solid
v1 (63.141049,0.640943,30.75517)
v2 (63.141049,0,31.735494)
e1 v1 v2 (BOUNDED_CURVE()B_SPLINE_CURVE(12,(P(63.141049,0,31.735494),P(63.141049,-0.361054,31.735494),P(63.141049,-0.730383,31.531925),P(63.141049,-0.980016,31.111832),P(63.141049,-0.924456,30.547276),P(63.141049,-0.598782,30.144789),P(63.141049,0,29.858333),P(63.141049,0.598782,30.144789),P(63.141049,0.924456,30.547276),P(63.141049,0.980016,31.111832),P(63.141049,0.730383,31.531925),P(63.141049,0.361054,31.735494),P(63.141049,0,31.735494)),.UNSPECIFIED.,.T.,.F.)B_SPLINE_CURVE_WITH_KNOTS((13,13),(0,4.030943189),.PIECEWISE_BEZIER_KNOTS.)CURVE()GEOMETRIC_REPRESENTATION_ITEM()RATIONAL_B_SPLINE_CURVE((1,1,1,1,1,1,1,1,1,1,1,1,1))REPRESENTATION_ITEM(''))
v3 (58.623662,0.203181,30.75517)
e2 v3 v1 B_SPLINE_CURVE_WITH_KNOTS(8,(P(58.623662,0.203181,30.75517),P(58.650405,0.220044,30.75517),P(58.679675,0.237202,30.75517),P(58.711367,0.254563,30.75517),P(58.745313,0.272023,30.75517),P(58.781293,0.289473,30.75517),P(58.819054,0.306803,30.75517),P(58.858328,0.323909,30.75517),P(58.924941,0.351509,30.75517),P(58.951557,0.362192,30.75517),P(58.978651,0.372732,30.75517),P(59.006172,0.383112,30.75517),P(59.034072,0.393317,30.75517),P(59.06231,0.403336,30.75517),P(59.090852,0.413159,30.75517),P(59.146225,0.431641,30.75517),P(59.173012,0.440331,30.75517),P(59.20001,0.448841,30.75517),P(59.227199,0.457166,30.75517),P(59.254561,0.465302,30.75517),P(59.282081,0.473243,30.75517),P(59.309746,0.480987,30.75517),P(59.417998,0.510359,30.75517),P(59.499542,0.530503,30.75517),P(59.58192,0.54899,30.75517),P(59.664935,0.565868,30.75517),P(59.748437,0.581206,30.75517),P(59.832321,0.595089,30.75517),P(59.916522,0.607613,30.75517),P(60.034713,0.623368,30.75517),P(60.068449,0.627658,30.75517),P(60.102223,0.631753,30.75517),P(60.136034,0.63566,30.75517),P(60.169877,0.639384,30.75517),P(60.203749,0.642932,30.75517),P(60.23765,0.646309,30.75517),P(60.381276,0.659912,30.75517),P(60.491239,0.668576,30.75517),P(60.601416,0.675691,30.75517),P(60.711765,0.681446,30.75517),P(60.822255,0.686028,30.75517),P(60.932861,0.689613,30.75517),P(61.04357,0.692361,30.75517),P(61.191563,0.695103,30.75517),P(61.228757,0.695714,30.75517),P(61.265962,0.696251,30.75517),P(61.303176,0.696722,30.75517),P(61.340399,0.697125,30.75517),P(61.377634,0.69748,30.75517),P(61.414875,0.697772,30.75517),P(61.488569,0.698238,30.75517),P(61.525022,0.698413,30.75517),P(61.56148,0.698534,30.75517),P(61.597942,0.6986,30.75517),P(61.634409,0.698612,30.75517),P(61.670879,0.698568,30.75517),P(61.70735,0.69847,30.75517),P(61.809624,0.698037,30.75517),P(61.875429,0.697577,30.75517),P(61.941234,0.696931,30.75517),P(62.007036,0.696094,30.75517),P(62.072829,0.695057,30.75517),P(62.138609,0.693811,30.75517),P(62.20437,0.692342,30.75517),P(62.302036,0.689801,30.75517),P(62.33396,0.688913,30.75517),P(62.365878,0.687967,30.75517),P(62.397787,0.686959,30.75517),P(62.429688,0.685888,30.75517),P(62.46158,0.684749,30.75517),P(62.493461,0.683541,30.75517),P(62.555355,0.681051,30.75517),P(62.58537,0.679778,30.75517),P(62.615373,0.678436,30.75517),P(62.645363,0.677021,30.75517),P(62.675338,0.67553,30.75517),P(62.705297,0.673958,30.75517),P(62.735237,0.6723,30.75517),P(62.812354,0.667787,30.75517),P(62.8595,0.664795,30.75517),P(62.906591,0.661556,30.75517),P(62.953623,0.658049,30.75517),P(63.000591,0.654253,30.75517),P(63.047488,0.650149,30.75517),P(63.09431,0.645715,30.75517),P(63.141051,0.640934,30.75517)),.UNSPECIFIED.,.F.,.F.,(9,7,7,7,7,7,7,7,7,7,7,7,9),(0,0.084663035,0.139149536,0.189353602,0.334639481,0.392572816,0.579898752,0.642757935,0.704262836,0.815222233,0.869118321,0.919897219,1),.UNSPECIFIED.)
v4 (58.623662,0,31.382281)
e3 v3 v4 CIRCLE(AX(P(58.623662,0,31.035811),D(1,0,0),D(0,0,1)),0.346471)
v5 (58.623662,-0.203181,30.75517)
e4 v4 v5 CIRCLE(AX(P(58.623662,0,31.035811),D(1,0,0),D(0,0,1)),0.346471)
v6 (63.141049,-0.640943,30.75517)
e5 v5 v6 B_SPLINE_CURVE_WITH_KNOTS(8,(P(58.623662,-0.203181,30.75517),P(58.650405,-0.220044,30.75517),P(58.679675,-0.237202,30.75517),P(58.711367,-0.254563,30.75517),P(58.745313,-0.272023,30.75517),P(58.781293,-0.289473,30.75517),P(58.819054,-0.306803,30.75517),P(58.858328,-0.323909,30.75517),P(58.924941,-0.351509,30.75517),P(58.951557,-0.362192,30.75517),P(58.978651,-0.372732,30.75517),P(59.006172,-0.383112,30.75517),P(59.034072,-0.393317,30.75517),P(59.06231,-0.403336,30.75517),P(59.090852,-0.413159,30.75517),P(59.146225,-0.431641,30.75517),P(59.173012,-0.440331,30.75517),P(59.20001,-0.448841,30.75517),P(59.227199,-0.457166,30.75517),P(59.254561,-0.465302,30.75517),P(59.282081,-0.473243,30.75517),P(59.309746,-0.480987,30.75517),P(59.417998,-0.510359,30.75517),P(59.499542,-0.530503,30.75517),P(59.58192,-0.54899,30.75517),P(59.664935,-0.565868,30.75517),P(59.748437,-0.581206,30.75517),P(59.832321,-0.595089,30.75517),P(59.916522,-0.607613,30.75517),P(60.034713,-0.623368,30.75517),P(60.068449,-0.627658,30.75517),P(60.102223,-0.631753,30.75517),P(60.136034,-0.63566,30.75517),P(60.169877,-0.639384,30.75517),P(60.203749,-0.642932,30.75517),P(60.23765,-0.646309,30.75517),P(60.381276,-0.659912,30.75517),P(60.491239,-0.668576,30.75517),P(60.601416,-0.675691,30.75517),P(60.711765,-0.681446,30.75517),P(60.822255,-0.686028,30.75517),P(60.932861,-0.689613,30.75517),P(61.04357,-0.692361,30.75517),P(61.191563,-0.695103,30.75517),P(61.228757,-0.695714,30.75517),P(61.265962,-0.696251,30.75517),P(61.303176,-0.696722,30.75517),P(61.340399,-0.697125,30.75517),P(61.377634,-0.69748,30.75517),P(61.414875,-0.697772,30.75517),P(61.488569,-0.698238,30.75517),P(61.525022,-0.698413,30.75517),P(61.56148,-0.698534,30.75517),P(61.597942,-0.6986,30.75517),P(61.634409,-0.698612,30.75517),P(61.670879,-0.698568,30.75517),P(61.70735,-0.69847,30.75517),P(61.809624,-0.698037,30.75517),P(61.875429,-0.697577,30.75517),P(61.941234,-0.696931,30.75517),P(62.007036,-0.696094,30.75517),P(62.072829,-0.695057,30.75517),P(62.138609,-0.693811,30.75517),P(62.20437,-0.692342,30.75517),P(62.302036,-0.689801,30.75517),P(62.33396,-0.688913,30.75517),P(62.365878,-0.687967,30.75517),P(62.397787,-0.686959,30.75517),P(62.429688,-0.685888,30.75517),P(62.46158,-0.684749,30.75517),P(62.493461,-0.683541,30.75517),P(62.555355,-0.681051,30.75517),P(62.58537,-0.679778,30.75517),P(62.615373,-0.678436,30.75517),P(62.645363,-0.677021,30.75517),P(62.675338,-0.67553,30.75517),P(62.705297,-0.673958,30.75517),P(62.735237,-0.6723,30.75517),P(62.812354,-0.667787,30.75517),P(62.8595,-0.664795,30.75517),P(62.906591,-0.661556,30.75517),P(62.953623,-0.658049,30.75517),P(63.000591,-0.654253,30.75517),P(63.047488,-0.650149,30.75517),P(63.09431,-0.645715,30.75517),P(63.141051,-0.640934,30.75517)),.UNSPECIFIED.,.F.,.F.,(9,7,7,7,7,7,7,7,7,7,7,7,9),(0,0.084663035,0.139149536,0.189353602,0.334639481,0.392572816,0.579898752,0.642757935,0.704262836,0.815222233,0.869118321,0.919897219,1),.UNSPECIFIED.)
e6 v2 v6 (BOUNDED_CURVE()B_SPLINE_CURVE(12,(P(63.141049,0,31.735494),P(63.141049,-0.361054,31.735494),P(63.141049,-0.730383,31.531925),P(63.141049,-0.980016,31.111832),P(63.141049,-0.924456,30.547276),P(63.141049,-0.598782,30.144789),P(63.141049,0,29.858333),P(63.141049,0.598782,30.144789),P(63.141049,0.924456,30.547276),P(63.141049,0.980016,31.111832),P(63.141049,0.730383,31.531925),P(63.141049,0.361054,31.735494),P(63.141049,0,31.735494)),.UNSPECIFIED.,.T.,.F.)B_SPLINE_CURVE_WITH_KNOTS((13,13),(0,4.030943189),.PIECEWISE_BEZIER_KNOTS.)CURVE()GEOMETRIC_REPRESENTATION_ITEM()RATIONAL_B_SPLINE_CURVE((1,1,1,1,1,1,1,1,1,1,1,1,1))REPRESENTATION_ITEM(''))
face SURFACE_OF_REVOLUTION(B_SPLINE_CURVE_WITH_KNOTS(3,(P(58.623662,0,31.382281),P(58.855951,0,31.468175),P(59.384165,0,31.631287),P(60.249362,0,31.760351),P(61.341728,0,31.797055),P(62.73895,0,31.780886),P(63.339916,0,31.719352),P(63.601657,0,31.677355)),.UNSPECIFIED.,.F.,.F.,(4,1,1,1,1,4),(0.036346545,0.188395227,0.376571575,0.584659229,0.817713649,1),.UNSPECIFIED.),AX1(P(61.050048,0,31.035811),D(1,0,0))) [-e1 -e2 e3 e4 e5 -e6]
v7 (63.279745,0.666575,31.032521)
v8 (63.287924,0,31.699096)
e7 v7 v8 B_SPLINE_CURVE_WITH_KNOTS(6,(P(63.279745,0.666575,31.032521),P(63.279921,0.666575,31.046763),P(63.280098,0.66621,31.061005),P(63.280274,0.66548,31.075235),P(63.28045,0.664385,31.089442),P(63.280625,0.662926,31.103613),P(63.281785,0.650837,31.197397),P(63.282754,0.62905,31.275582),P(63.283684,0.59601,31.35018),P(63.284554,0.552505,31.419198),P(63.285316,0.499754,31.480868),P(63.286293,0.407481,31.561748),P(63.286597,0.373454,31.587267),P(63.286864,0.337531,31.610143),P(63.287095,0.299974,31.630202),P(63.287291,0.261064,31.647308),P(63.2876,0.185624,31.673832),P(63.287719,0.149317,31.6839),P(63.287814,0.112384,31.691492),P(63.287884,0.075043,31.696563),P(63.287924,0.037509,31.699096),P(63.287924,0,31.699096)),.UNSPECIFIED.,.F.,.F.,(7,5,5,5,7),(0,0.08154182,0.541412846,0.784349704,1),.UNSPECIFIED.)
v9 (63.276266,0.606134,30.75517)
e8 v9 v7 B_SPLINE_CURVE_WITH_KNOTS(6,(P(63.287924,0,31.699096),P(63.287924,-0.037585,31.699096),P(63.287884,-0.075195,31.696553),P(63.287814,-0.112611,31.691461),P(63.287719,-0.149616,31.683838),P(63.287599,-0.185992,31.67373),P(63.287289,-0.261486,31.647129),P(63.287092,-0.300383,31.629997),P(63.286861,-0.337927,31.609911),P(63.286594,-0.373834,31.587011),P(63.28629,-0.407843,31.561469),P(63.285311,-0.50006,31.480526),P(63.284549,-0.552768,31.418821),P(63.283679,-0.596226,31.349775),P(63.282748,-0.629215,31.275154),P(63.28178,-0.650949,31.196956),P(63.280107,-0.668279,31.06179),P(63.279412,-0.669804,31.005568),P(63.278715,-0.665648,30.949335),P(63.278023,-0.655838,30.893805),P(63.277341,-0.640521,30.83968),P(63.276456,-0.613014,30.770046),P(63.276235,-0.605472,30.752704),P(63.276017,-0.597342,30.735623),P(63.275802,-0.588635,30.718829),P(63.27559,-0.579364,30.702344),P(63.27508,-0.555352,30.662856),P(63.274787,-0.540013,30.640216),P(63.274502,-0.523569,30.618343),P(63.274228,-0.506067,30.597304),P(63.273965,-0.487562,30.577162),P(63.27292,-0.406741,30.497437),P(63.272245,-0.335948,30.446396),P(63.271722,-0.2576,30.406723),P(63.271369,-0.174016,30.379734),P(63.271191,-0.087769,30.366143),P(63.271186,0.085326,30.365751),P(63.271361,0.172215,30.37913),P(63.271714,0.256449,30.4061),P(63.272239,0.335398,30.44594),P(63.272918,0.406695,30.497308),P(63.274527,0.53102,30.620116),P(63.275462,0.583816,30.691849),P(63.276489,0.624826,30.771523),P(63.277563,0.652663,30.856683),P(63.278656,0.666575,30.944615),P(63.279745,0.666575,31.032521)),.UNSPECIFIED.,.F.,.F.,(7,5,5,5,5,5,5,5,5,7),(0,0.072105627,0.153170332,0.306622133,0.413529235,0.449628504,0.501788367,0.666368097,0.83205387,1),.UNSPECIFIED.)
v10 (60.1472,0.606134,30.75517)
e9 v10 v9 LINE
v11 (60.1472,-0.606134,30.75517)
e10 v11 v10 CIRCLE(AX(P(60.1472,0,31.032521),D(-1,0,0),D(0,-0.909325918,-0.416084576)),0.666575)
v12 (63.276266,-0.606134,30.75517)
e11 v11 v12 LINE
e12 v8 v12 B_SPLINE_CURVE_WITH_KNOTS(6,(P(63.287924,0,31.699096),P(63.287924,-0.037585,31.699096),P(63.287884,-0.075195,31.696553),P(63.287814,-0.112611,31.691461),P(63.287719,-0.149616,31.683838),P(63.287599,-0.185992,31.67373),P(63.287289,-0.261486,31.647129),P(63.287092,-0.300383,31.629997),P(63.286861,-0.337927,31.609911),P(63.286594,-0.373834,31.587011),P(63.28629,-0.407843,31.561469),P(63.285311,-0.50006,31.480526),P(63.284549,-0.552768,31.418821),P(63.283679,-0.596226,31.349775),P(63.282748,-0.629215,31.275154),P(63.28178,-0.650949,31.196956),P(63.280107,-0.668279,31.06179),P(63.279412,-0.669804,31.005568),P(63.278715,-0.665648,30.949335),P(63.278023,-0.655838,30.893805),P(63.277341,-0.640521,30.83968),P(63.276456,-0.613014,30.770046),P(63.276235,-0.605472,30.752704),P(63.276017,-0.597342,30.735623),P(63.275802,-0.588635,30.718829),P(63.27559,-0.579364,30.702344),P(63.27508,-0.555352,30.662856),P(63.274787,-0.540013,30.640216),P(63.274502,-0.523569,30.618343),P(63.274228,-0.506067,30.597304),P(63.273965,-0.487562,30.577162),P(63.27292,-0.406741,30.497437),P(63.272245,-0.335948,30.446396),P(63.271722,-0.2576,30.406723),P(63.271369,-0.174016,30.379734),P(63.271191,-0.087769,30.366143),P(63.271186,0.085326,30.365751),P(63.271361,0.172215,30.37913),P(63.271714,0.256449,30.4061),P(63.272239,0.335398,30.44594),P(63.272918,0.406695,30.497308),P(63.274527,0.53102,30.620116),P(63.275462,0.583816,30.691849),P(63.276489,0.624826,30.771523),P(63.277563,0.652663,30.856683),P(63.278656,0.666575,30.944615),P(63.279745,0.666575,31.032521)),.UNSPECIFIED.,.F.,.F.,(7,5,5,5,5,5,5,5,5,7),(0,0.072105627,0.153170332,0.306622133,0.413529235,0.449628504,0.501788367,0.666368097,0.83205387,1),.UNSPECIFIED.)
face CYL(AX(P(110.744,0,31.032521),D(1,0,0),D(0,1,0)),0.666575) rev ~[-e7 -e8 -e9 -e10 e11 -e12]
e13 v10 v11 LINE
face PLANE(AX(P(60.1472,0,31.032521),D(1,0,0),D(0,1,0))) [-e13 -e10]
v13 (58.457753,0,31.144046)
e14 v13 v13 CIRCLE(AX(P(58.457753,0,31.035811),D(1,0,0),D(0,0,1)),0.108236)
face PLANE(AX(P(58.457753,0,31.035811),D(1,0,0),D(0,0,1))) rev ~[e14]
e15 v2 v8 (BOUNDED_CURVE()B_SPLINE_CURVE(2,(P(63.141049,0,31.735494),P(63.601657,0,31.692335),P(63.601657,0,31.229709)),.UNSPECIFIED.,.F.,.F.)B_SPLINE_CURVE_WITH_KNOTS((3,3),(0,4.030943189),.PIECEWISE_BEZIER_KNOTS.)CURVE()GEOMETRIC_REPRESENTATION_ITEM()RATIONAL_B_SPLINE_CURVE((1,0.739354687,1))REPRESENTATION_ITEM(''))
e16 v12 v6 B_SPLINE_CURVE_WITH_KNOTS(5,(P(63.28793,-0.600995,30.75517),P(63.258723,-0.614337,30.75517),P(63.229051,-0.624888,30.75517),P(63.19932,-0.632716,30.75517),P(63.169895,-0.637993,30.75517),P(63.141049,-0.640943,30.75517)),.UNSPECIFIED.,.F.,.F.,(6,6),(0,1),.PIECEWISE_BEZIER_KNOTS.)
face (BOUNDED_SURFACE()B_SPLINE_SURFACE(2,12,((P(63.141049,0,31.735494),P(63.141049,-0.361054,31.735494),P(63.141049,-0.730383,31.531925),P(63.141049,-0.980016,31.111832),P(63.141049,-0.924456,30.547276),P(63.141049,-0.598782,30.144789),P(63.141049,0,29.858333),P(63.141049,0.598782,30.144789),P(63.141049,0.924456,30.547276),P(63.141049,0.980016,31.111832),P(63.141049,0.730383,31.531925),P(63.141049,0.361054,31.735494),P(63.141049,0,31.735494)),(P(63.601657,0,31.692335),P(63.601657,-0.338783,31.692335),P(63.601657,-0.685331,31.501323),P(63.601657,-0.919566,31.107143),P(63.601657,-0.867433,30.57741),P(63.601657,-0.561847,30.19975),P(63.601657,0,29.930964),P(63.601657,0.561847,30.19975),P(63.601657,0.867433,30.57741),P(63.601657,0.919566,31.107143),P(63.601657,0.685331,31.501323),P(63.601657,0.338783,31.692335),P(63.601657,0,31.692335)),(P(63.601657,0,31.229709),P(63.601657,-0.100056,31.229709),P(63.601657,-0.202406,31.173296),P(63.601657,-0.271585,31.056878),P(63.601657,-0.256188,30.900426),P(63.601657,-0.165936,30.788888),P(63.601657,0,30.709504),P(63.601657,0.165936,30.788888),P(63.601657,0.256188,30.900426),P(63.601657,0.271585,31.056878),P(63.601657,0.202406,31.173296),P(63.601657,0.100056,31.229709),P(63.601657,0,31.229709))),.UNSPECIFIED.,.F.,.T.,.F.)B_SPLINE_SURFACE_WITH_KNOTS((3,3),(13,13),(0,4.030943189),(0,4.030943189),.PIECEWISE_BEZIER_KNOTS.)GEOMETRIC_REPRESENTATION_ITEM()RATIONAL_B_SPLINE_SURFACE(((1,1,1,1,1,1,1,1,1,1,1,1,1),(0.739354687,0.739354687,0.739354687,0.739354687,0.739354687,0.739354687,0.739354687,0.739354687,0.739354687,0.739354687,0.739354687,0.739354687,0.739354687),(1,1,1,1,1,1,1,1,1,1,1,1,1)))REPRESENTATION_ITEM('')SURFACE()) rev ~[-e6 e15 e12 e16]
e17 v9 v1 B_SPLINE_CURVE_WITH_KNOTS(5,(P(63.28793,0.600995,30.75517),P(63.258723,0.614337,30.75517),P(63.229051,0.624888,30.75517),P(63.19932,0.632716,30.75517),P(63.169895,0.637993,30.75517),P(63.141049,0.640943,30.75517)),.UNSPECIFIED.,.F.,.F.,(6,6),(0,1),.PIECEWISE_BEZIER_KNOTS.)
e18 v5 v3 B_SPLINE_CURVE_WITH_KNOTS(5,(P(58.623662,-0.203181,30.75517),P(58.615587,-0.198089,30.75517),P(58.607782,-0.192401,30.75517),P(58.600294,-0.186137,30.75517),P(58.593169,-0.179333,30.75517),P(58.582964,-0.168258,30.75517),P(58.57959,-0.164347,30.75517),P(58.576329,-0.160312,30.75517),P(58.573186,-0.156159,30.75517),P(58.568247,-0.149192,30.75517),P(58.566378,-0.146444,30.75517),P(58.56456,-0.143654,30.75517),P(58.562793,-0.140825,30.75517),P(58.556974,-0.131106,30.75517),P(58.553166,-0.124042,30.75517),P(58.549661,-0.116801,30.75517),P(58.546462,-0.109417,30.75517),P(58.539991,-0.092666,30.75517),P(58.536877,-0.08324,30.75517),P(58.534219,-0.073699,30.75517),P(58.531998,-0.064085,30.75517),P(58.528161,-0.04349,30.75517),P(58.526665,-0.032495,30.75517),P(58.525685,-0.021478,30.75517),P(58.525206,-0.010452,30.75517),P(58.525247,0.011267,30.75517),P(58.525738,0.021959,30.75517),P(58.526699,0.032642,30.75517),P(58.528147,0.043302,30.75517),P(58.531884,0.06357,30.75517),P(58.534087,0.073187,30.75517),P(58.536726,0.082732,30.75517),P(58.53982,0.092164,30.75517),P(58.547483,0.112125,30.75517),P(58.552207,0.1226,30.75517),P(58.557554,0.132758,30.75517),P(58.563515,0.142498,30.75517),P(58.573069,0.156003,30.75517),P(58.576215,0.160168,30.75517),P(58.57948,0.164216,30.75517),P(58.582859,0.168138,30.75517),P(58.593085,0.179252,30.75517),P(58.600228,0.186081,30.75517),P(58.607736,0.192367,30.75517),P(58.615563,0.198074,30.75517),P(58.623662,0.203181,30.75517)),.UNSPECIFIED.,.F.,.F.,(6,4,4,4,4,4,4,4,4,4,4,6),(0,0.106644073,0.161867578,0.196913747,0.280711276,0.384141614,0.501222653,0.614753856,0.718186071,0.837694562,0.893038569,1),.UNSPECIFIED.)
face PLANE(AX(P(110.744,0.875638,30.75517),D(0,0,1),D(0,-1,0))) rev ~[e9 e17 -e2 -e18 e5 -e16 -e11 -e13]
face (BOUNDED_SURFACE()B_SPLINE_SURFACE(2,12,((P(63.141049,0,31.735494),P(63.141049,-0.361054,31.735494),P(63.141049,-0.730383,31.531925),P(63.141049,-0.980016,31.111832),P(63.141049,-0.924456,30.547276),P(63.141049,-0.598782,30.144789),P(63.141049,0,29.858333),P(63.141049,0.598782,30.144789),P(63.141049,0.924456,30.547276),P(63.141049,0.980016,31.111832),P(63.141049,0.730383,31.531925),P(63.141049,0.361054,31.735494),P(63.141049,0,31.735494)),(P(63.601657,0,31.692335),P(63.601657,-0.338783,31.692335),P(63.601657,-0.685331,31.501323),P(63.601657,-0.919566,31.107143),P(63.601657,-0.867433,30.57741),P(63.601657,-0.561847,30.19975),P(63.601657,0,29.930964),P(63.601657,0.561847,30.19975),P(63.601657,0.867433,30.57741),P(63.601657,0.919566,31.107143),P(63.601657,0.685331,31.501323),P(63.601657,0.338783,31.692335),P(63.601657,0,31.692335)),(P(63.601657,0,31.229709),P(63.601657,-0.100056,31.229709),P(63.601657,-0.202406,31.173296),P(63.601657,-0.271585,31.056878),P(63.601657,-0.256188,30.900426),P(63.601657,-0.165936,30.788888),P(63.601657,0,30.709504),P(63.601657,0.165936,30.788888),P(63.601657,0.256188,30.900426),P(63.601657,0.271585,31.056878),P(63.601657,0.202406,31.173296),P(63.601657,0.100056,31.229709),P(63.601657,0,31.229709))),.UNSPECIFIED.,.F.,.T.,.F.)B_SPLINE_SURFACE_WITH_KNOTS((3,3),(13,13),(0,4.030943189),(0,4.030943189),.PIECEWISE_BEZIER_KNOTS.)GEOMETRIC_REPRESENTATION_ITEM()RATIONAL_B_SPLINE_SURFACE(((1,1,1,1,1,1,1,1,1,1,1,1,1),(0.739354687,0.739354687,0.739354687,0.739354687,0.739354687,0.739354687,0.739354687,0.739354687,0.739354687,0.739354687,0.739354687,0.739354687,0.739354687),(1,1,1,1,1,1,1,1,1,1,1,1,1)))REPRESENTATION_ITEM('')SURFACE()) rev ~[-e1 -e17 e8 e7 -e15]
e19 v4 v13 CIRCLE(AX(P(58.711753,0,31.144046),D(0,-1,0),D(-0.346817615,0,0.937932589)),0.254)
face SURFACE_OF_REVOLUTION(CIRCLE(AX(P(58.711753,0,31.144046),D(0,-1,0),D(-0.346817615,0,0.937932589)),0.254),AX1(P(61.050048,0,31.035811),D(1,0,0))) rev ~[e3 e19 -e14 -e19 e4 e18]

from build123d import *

# Parameters (mm, degrees)
F2_R     = 0.508
F4_R     = 0.6665750278
F5_DEPTH = 50.5968
F7_DEPTH = 65.532


with BuildPart() as f1:
    # F0 (on Front) → F1 (revolve)
    with BuildSketch(Plane.XZ):
        with BuildLine():
            add(Edge.make_bspline(
                [(58.6236616488, 31.3822813208), (58.8559509545, 31.4681745116), (59.3841653559, 31.6312865879), (60.2493623534, 31.7603513998), (61.3417281188, 31.7970548528), (62.7389503774, 31.7808864075), (63.3399161465, 31.7193522763), (63.6016569777, 31.6773552428)],
                knots=[0.0363465451, 0.0363465451, 0.0363465451, 0.0363465451, 0.1883952272, 0.3765715748, 0.5846592293, 0.8177136492, 1, 1, 1, 1], degree=3))
            ThreePointArc((58.6236616488, 31.3822813208), (58.5033171393, 31.2892027636), (58.4577533228, 31.1440464431))
            Line((58.4577533228, 31.1440464431), (58.4577533228, 31.035810709))
            Line((58.4577533228, 31.035810709), (63.6016569777, 31.035810709))
            Line((63.6016569777, 31.035810709), (63.6016569777, 31.6773552428))
        make_face()
    revolve(axis=Axis((61.050048098, 0, 31.035810709), (1, 0, 0)))

    # F2
    f2_edges = [f1.edges().sort_by_distance(p)[0] for p in [
        (63.601657, 0, 30.394266),
    ]]
    fillet(f2_edges, radius=F2_R)

    # F4 (on offset) → F5 (cut)
    with BuildSketch(Plane.YZ.offset(110.744)):
        with Locations((0, 31.0325212777)):
            Circle(F4_R)
    extrude(amount=-F5_DEPTH, mode=Mode.SUBTRACT)

    # F6 (on offset) → F7 (cut)
    with BuildSketch(Plane.YZ.offset(110.744)):
        Polygon((0.8756383788, 30.7551696897), (-0.7374619017, 30.7551696897), (-0.7374619017, 30.1285926253), (0.8625847986, 30.1285926253), align=None)
    extrude(amount=-F7_DEPTH, mode=Mode.SUBTRACT)


solid = f1.part
